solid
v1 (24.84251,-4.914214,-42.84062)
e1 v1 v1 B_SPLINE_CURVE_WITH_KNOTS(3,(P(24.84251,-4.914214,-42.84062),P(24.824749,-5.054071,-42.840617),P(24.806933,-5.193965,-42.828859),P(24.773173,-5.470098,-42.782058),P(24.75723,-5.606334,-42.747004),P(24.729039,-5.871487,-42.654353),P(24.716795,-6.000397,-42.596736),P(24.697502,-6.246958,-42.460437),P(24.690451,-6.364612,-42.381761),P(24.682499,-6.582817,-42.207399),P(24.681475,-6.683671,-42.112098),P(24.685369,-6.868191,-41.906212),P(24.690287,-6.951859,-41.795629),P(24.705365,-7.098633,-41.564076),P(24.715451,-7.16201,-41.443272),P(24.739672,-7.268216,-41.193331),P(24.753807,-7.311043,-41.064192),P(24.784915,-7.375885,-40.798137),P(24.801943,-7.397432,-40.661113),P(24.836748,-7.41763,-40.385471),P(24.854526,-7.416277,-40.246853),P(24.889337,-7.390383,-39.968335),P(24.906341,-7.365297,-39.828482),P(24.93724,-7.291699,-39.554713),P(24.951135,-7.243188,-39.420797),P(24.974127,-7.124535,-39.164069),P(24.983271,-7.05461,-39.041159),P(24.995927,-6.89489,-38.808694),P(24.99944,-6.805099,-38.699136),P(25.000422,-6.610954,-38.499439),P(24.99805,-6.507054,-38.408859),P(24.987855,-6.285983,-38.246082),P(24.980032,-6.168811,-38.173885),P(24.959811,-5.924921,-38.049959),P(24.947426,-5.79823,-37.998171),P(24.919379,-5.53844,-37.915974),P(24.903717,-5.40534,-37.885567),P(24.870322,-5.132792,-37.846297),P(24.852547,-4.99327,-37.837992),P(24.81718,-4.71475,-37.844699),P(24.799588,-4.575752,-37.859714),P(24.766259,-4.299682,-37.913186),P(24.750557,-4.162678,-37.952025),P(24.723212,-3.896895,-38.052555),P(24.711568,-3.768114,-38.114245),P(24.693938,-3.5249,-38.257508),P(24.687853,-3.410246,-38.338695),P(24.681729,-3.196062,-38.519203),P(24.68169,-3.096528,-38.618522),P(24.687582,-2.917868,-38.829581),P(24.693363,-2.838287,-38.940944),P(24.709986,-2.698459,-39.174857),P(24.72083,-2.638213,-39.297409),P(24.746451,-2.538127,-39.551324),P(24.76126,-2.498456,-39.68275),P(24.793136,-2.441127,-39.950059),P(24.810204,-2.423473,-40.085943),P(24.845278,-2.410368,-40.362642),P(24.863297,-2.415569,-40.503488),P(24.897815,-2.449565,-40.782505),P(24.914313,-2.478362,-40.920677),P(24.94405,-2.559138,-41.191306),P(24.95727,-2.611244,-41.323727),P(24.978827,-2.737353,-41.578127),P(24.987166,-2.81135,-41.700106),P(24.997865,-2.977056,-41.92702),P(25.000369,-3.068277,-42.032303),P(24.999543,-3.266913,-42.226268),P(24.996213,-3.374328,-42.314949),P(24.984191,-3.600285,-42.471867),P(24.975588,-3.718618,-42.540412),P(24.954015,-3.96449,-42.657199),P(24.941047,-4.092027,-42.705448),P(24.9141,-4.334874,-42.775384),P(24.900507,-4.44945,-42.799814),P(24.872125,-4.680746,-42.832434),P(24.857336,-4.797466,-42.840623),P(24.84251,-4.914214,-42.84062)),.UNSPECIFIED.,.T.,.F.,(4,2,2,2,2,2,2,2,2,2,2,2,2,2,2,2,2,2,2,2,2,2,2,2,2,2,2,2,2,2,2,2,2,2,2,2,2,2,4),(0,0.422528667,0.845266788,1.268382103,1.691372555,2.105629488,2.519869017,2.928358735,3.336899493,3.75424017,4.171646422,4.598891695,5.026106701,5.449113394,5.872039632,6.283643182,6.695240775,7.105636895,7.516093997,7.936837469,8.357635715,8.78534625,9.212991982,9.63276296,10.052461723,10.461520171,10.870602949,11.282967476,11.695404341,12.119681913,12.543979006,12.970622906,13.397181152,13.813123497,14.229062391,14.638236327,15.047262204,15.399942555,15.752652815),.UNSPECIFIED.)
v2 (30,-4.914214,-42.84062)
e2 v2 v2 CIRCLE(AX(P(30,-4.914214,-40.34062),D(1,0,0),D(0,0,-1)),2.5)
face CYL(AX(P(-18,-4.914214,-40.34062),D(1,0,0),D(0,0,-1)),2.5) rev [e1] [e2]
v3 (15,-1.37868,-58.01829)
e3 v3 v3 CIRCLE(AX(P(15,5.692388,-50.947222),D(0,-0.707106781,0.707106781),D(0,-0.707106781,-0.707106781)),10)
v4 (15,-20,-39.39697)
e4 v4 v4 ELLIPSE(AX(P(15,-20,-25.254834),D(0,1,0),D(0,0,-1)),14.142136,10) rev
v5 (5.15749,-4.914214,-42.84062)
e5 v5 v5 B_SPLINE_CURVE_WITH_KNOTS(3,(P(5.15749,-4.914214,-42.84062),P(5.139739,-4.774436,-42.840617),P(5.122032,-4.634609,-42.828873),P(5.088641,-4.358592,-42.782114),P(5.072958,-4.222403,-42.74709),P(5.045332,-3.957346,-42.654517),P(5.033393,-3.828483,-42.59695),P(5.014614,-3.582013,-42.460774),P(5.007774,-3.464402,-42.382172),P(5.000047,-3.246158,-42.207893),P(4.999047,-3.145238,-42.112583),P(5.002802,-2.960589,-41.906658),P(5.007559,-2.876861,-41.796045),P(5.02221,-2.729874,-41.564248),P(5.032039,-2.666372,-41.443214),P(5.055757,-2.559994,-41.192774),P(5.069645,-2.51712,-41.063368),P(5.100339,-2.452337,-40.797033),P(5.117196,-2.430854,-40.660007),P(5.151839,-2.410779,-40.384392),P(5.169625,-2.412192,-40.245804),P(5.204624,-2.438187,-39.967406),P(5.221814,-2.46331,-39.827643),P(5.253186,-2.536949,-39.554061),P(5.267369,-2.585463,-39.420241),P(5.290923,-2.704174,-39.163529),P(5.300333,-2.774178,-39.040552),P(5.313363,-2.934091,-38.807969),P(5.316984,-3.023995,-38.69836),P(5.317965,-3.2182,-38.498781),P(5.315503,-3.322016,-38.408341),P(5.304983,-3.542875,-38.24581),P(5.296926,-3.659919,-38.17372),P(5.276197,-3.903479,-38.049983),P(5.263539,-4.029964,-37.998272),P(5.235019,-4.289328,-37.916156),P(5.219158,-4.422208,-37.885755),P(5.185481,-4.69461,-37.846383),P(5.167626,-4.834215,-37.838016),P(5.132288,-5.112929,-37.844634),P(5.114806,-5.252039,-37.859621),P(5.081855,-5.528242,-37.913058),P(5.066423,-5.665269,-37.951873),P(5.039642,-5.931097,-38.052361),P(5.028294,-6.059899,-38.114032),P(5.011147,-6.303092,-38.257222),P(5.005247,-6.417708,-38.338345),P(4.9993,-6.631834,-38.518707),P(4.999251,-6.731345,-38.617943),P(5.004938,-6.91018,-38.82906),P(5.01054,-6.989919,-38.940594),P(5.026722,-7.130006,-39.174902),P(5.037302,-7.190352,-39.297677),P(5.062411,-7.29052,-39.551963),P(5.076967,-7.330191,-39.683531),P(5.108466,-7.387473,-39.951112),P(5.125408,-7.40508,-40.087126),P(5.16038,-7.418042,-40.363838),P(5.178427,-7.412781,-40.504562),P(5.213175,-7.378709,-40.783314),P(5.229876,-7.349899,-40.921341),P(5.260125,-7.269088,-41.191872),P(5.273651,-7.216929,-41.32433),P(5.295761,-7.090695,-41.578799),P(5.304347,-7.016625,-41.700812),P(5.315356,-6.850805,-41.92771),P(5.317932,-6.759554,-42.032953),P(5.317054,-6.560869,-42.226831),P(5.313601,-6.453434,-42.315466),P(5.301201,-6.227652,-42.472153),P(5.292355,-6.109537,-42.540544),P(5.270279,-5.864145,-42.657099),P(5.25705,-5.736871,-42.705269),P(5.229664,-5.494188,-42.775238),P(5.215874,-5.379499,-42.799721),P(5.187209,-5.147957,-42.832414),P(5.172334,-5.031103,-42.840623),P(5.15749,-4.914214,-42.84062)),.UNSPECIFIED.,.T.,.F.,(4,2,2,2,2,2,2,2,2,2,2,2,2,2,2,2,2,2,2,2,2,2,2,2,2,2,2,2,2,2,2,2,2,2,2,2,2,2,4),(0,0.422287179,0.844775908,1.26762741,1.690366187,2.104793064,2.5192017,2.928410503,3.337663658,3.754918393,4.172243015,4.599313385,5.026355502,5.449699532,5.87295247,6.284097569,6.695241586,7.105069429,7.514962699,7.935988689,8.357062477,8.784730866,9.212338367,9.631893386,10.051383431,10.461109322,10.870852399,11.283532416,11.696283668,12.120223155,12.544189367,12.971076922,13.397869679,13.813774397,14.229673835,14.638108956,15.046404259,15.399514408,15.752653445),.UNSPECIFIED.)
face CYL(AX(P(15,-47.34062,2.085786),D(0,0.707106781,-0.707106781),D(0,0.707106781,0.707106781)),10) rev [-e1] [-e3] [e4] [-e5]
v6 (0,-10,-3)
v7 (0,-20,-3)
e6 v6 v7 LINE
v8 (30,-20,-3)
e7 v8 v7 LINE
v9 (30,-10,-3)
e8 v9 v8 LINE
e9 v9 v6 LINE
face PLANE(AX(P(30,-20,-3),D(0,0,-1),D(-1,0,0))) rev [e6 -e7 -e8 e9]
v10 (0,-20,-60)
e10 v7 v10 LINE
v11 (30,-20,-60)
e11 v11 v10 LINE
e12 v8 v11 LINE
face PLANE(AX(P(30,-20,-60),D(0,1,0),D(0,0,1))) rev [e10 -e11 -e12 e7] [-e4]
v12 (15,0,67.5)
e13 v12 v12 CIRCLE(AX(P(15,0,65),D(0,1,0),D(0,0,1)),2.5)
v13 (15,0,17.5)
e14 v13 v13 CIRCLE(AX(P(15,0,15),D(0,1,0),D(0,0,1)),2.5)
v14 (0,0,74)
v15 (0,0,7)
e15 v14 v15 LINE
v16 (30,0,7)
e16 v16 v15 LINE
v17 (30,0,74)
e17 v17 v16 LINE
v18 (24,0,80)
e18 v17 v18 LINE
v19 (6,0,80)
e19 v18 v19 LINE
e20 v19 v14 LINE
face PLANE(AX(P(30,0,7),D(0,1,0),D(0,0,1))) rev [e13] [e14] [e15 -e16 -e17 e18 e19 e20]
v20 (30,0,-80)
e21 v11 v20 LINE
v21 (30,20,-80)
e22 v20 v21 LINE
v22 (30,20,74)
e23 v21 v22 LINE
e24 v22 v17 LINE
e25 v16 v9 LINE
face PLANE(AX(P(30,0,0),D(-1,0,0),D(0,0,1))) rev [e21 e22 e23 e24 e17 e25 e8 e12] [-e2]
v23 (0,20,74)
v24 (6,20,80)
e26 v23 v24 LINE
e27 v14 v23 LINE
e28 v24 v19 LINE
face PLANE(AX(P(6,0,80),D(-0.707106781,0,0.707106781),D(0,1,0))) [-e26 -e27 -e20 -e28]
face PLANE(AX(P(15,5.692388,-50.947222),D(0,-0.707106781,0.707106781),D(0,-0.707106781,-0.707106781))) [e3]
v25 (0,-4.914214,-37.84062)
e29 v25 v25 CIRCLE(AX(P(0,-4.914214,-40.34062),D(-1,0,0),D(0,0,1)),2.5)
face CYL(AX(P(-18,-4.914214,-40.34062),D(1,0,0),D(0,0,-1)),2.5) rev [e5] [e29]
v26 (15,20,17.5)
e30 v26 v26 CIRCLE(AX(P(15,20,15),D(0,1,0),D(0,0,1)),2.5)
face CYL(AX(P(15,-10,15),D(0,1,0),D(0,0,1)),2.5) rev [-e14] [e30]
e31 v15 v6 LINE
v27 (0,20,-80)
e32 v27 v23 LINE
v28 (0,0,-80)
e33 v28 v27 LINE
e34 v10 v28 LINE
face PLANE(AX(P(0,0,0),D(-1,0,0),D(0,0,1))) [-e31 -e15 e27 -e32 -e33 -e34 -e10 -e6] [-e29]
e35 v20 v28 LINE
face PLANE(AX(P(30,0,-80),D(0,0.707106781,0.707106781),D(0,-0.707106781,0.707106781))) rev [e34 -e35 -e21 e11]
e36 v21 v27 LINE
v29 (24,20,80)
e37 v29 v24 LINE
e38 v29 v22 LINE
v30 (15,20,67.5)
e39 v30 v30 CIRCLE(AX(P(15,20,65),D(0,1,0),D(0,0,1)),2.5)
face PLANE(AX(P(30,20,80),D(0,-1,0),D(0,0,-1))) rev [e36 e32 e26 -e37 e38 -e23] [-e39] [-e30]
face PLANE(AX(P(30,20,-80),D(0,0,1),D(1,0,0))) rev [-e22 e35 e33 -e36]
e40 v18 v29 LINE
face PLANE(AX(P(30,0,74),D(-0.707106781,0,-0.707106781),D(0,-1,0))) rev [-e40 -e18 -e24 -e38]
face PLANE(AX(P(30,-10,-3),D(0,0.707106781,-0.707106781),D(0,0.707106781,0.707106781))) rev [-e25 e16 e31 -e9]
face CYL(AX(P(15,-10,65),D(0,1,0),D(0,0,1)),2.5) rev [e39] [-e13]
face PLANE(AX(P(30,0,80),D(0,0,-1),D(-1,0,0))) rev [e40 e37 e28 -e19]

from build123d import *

# Parameters (mm, degrees)
Y_KSEKLIK_EKSTR_ZYON2_DEPTH = 30
IZIM3_R                     = 2.5
KES_EKSTR_ZYON1_DEPTH       = 30
PAH1_SIZE                   = 6
KES_EKSTR_ZYON2_DEPTH       = 30
KES_EKSTR_ZYON2_DEPTH_BACK  = 30
IZIM5_R                     = 10
IZIM6_R                     = 10
KES_EKSTR_ZYON3_DEPTH       = 15
IZIM7_R                     = 2.5
KES_EKSTR_ZYON4_DEPTH       = 48


with BuildPart() as part:
    # Çizim2 → Yükseklik-Ekstrüzyon2 (new body)
    with BuildSketch(Plane(origin=(0, 0, 0), x_dir=(0, 0, -1), z_dir=(1, 0, 0))):
        Polygon((-80, 20), (80, 20), (80, 0), (60, -20), (3, -20), (3, -10), (-7, 0), (-80, 0), align=None)
    extrude(amount=Y_KSEKLIK_EKSTR_ZYON2_DEPTH)

    # Çizim3 → Kes-Ekstrüzyon1 (cut)
    with BuildSketch(Plane(origin=(0, 20, 0), x_dir=(1, 0, 0), z_dir=(0, 1, 0))):
        with Locations((15, -15)):
            Circle(IZIM3_R)
        with Locations((15, -65)):
            Circle(IZIM3_R)
    extrude(amount=-KES_EKSTR_ZYON1_DEPTH, mode=Mode.SUBTRACT)

    # Pah1
    pah1_edges = [part.edges().sort_by_distance(p)[0] for p in [
        (0, 10, 80),
        (30, 10, 80),
    ]]
    chamfer(pah1_edges, length=PAH1_SIZE)

    # Çizim5 → Kes-Ekstrüzyon2 (cut, two sides: drawn at the far end of the back side and taken through both)
    with BuildSketch(Plane(origin=(0, -3.5, 3.5), x_dir=(1, 0, 0), z_dir=(0, -0.7071067811865488, 0.7071067811865462)).offset(-KES_EKSTR_ZYON2_DEPTH_BACK)):
        with Locations((15, -32)):
            Circle(IZIM5_R)
    extrude(amount=KES_EKSTR_ZYON2_DEPTH + KES_EKSTR_ZYON2_DEPTH_BACK, mode=Mode.SUBTRACT)

    # Çizim6 → Kes-Ekstrüzyon3 (cut)
    with BuildSketch(Plane(origin=(0, 17.713203436, -17.713203436), x_dir=(1, 0, 0), z_dir=(0, -0.7071067811865488, 0.7071067811865462))):
        with Locations((15, -32)):
            Circle(IZIM6_R)
    extrude(amount=-KES_EKSTR_ZYON3_DEPTH, mode=Mode.SUBTRACT)

    # Çizim7 → Kes-Ekstrüzyon4 (cut)
    with BuildSketch(Plane(origin=(30, 0, 0), x_dir=(0, 0, -1), z_dir=(1, 0, 0))):
        with Locations((40.340620434, -4.914213562)):
            Circle(IZIM7_R)
    extrude(amount=-KES_EKSTR_ZYON4_DEPTH, mode=Mode.SUBTRACT)


solid = part.part
